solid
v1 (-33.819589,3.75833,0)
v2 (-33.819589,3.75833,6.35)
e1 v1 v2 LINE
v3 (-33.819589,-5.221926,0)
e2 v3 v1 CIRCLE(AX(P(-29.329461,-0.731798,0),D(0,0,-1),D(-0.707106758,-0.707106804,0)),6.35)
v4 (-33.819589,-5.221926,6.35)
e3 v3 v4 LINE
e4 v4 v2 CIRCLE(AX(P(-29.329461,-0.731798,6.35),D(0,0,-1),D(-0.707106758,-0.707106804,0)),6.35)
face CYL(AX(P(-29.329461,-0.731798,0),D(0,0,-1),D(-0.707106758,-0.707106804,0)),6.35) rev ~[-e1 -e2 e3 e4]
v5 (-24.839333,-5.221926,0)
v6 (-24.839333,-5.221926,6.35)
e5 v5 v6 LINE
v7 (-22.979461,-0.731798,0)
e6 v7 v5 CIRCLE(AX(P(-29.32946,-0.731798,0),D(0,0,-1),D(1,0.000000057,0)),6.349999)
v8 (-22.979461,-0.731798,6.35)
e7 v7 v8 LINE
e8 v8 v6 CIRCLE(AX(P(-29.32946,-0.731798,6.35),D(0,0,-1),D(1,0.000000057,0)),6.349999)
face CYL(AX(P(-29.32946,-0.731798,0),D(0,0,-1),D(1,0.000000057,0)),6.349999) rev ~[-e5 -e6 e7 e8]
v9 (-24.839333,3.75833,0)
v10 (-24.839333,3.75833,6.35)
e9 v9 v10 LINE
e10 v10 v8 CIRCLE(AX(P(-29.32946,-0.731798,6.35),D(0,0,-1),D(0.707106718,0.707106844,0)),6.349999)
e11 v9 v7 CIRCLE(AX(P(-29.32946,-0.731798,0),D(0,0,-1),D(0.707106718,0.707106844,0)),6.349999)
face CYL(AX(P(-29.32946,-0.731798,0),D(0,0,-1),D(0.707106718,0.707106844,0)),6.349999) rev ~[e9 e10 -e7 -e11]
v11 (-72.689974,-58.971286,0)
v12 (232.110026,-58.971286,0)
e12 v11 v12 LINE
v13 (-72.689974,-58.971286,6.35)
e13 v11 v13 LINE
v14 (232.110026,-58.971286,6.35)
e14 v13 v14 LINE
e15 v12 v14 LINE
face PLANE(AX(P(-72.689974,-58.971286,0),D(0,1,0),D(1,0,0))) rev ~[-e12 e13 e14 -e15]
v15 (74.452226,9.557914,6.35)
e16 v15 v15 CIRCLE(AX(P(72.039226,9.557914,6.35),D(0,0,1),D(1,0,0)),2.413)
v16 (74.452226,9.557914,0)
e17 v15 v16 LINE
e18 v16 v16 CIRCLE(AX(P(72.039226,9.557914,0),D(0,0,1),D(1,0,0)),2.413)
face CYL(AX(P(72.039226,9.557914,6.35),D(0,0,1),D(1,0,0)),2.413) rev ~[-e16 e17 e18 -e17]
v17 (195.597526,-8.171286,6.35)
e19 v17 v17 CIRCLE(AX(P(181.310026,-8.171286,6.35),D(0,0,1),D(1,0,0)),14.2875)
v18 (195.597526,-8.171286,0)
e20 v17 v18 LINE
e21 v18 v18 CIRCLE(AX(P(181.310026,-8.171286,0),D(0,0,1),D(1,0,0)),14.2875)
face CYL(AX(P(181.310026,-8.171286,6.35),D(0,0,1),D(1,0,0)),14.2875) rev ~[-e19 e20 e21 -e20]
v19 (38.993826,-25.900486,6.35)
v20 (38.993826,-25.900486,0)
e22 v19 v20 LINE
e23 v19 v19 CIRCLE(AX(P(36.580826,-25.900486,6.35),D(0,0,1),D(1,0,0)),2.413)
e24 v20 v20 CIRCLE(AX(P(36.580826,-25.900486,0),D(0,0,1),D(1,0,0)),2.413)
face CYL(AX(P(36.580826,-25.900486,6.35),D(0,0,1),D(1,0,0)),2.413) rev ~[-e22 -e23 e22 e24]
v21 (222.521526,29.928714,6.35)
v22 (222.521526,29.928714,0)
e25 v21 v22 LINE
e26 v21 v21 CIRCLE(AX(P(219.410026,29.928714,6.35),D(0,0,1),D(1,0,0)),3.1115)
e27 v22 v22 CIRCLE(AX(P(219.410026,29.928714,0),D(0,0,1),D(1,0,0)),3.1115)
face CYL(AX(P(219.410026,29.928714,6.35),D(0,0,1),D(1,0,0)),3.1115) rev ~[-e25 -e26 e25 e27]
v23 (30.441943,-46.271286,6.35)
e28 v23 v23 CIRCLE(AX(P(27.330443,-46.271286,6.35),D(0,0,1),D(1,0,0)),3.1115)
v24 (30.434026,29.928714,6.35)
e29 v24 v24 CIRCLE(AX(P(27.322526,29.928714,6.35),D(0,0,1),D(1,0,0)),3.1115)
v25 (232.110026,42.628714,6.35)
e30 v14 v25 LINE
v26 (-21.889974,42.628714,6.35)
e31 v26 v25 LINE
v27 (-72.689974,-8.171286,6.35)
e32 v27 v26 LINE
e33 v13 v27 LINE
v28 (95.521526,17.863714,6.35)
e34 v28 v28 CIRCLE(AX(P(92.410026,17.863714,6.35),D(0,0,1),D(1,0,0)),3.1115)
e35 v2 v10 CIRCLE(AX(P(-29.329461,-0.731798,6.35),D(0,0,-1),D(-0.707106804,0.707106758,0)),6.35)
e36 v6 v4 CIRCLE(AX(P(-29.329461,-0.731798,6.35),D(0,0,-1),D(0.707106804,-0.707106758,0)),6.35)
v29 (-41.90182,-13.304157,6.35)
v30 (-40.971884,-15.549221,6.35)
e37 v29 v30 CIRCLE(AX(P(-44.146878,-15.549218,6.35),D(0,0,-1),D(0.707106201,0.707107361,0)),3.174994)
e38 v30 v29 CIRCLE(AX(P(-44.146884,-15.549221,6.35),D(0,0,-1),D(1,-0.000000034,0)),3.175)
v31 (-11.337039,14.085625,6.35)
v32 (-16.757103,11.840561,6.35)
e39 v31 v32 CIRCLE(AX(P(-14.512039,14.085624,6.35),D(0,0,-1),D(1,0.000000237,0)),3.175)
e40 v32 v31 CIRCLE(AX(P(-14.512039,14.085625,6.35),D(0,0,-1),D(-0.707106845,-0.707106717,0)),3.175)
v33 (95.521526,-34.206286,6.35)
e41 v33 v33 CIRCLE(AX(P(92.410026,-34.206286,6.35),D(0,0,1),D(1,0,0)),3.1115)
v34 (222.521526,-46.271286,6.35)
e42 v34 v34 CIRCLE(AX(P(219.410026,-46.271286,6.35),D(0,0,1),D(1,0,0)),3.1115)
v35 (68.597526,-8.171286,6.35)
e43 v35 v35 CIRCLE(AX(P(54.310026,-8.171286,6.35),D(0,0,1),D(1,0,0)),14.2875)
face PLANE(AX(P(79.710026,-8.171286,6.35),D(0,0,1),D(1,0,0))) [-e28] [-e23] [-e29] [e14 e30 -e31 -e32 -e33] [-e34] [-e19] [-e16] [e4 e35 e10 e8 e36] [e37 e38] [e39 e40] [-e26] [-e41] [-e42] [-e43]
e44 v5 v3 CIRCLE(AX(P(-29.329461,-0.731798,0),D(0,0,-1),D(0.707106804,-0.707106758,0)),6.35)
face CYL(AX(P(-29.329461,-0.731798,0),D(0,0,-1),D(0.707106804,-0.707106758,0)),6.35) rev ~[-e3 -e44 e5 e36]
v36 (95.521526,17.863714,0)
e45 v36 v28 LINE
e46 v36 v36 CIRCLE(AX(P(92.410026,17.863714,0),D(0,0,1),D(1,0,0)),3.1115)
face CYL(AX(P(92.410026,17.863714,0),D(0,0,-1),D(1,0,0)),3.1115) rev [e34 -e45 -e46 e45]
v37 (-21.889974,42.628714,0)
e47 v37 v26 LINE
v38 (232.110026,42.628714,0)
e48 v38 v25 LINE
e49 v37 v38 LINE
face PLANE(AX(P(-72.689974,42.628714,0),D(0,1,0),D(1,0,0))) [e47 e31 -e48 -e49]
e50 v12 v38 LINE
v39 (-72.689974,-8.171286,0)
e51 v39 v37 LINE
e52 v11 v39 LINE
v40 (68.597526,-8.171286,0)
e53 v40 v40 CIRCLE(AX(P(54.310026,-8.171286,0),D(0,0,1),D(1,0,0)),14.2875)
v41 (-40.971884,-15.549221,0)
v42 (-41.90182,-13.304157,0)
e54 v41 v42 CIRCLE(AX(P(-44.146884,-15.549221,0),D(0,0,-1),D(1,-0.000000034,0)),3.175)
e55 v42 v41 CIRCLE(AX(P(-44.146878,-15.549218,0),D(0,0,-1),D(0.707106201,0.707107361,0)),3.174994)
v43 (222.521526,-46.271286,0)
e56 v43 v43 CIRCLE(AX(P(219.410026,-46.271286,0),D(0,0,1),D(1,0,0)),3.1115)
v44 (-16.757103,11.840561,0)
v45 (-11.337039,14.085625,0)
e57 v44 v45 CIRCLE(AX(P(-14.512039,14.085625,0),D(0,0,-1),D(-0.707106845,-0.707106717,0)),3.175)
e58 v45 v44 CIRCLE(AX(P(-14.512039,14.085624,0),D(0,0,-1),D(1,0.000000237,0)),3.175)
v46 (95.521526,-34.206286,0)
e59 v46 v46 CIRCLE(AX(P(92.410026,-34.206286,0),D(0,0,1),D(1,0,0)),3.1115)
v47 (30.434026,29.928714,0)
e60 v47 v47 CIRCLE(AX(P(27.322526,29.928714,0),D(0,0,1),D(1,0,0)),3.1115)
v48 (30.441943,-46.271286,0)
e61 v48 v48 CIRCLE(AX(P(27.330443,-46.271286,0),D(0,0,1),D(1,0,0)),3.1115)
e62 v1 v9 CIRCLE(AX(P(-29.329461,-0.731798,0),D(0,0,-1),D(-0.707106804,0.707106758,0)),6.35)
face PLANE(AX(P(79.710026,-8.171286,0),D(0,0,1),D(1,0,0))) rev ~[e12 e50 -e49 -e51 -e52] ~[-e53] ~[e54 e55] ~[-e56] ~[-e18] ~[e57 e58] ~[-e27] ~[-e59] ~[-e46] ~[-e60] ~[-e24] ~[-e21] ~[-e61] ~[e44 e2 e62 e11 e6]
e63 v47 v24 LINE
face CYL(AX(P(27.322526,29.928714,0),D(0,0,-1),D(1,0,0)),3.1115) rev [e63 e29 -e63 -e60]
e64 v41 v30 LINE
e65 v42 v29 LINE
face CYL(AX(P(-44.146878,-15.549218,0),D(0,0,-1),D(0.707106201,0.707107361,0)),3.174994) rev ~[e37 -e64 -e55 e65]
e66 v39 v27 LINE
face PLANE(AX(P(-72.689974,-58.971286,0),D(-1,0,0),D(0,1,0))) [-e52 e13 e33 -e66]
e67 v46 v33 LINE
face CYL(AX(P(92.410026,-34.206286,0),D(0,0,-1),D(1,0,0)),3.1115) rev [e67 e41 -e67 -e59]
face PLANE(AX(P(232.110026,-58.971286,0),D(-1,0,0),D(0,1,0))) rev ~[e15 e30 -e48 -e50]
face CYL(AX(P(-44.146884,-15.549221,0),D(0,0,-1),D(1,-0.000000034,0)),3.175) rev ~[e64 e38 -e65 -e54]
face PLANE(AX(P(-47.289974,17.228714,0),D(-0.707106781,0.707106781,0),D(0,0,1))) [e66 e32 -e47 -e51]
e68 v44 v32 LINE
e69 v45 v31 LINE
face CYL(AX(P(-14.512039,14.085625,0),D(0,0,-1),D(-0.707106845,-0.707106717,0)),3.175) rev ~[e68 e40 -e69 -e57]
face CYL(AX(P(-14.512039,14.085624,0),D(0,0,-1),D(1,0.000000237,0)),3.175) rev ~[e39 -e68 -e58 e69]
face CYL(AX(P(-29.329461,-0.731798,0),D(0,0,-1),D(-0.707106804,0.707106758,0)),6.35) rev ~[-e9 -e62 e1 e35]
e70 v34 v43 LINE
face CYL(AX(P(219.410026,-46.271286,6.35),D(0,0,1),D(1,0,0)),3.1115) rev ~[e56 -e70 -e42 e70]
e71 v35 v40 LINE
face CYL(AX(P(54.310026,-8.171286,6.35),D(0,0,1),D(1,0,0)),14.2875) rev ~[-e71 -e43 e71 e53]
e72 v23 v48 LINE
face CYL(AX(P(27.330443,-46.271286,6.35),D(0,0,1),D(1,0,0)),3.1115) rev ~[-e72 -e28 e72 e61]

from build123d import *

# Parameters (mm, degrees)
F0_W      = 304.8
F0_H      = 101.6
F1_DEPTH  = 6.35
F2_R      = 14.2875
F3_DEPTH  = 6.35
F5_R      = 2.413
F6_DEPTH  = 6.35
F7_R      = 3.1115
F8_DEPTH  = 6.35
F9_R      = 3.1115
F10_DEPTH = 6.35
F11_R     = 3.1115
F12_DEPTH = 6.35
F13_R     = 3.1115
F14_DEPTH = 6.35
F15_R     = 14.2875
F16_DEPTH = 6.35
F17_R     = 3.1115
F19_DEPTH = 6.35
F18_R     = 3.1115
F20_DEPTH = 6.35
F21_SIZE  = 50.8
F23_DEPTH = 6.35


with BuildPart() as f1:
    # F0 (on Top) → F1 (new body)
    with BuildSketch(Plane.XY):
        with Locations((79.710026, -8.171286)):
            Rectangle(F0_W, F0_H)
    extrude(amount=F1_DEPTH)

    # F2 (on face) → F3 (cut)
    with BuildSketch(Plane.XY.offset(6.35)):
        with Locations((54.310026, -8.171286)):
            Circle(F2_R)
    extrude(amount=-F3_DEPTH, mode=Mode.SUBTRACT)

    # F5 (on face) → F6 (cut)
    with BuildSketch(Plane.XY.offset(6.35)):
        with Locations((36.580826, -25.900486)):
            Circle(F5_R)
        with Locations((72.039226, 9.557914)):
            Circle(F5_R)
    extrude(amount=-F6_DEPTH, mode=Mode.SUBTRACT)

    # F7 (on face) → F8 (cut)
    with BuildSketch(Plane.XY):
        with Locations((27.322526, 29.928714)):
            Circle(F7_R)
    extrude(amount=F8_DEPTH, mode=Mode.SUBTRACT)

    # F9 (on face) → F10 (cut)
    with BuildSketch(Plane.XY.offset(6.35)):
        with Locations((219.410026, 29.928714)):
            Circle(F9_R)
    extrude(amount=-F10_DEPTH, mode=Mode.SUBTRACT)

    # F11 (on face) → F12 (cut)
    with BuildSketch(Plane.XY.offset(6.35)):
        with Locations((27.330443, -46.271286)):
            Circle(F11_R)
    extrude(amount=-F12_DEPTH, mode=Mode.SUBTRACT)

    # F13 (on face) → F14 (cut)
    with BuildSketch(Plane.XY.offset(6.35)):
        with Locations((219.410026, -46.271286)):
            Circle(F13_R)
    extrude(amount=-F14_DEPTH, mode=Mode.SUBTRACT)

    # F15 (on face) → F16 (cut)
    with BuildSketch(Plane.XY.offset(6.35)):
        with Locations((181.310026, -8.171286)):
            Circle(F15_R)
    extrude(amount=-F16_DEPTH, mode=Mode.SUBTRACT)

    # F17 (on Top) → F19 (cut)
    with BuildSketch(Plane.XY):
        with Locations((92.410026, 17.863714)):
            Circle(F17_R)
    extrude(amount=F19_DEPTH, mode=Mode.SUBTRACT)

    # F18 (on Top) → F20 (cut)
    with BuildSketch(Plane.XY):
        with Locations((92.410026, -34.206286)):
            Circle(F18_R)
    extrude(amount=F20_DEPTH, mode=Mode.SUBTRACT)

    # F21
    f21_edges = [f1.edges().sort_by_distance(p)[0] for p in [
        (-72.689974, 42.628714, 3.175),
    ]]
    chamfer(f21_edges, length=F21_SIZE)

    # F22 (on face) → F23 (cut)
    with BuildSketch(Plane(origin=(0, 0, 0), x_dir=(1, 0, 0), z_dir=(0, 0, -1))):
        with BuildLine():
            ThreePointArc((-40.971884, 15.549221), (-47.080201, 16.76424), (-41.90182, 13.304157))
            ThreePointArc((-41.90182, 13.304157), (-41.213566, 14.334201), (-40.971884, 15.549221))
        make_face()
        with BuildLine():
            ThreePointArc((-33.819589, 5.221926), (-35.679461, 0.731798), (-33.819589, -3.75833))
            Line((-33.819589, -3.75833), (-29.329461, 0.731798))
            Line((-29.329461, 0.731798), (-33.819589, 5.221926))
        make_face()
        with BuildLine():
            Line((-33.819589, 5.221926), (-29.329461, 0.731798))
            Line((-29.329461, 0.731798), (-24.839333, 5.221926))
            ThreePointArc((-24.839333, 5.221926), (-29.329461, 7.081798), (-33.819589, 5.221926))
        make_face()
        with BuildLine():
            Line((-24.839333, 5.221926), (-29.329461, 0.731798))
            Line((-29.329461, 0.731798), (-24.839333, -3.75833))
            ThreePointArc((-24.839333, -3.75833), (-23.462826, -1.698242), (-22.979461, 0.731798))
            ThreePointArc((-22.979461, 0.731798), (-23.462826, 3.161838), (-24.839333, 5.221926))
        make_face()
        with BuildLine():
            Line((-29.329461, 0.731798), (-33.819589, -3.75833))
            ThreePointArc((-33.819589, -3.75833), (-29.329461, -5.618202), (-24.839333, -3.75833))
            Line((-24.839333, -3.75833), (-29.329461, 0.731798))
        make_face()
        with BuildLine():
            ThreePointArc((-11.337039, -14.085625), (-13.297019, -11.152307), (-16.757103, -11.840561))
            ThreePointArc((-16.757103, -11.840561), (-15.727059, -17.018942), (-11.337039, -14.085625))
        make_face()
    extrude(amount=-F23_DEPTH, mode=Mode.SUBTRACT)


solid = f1.part
